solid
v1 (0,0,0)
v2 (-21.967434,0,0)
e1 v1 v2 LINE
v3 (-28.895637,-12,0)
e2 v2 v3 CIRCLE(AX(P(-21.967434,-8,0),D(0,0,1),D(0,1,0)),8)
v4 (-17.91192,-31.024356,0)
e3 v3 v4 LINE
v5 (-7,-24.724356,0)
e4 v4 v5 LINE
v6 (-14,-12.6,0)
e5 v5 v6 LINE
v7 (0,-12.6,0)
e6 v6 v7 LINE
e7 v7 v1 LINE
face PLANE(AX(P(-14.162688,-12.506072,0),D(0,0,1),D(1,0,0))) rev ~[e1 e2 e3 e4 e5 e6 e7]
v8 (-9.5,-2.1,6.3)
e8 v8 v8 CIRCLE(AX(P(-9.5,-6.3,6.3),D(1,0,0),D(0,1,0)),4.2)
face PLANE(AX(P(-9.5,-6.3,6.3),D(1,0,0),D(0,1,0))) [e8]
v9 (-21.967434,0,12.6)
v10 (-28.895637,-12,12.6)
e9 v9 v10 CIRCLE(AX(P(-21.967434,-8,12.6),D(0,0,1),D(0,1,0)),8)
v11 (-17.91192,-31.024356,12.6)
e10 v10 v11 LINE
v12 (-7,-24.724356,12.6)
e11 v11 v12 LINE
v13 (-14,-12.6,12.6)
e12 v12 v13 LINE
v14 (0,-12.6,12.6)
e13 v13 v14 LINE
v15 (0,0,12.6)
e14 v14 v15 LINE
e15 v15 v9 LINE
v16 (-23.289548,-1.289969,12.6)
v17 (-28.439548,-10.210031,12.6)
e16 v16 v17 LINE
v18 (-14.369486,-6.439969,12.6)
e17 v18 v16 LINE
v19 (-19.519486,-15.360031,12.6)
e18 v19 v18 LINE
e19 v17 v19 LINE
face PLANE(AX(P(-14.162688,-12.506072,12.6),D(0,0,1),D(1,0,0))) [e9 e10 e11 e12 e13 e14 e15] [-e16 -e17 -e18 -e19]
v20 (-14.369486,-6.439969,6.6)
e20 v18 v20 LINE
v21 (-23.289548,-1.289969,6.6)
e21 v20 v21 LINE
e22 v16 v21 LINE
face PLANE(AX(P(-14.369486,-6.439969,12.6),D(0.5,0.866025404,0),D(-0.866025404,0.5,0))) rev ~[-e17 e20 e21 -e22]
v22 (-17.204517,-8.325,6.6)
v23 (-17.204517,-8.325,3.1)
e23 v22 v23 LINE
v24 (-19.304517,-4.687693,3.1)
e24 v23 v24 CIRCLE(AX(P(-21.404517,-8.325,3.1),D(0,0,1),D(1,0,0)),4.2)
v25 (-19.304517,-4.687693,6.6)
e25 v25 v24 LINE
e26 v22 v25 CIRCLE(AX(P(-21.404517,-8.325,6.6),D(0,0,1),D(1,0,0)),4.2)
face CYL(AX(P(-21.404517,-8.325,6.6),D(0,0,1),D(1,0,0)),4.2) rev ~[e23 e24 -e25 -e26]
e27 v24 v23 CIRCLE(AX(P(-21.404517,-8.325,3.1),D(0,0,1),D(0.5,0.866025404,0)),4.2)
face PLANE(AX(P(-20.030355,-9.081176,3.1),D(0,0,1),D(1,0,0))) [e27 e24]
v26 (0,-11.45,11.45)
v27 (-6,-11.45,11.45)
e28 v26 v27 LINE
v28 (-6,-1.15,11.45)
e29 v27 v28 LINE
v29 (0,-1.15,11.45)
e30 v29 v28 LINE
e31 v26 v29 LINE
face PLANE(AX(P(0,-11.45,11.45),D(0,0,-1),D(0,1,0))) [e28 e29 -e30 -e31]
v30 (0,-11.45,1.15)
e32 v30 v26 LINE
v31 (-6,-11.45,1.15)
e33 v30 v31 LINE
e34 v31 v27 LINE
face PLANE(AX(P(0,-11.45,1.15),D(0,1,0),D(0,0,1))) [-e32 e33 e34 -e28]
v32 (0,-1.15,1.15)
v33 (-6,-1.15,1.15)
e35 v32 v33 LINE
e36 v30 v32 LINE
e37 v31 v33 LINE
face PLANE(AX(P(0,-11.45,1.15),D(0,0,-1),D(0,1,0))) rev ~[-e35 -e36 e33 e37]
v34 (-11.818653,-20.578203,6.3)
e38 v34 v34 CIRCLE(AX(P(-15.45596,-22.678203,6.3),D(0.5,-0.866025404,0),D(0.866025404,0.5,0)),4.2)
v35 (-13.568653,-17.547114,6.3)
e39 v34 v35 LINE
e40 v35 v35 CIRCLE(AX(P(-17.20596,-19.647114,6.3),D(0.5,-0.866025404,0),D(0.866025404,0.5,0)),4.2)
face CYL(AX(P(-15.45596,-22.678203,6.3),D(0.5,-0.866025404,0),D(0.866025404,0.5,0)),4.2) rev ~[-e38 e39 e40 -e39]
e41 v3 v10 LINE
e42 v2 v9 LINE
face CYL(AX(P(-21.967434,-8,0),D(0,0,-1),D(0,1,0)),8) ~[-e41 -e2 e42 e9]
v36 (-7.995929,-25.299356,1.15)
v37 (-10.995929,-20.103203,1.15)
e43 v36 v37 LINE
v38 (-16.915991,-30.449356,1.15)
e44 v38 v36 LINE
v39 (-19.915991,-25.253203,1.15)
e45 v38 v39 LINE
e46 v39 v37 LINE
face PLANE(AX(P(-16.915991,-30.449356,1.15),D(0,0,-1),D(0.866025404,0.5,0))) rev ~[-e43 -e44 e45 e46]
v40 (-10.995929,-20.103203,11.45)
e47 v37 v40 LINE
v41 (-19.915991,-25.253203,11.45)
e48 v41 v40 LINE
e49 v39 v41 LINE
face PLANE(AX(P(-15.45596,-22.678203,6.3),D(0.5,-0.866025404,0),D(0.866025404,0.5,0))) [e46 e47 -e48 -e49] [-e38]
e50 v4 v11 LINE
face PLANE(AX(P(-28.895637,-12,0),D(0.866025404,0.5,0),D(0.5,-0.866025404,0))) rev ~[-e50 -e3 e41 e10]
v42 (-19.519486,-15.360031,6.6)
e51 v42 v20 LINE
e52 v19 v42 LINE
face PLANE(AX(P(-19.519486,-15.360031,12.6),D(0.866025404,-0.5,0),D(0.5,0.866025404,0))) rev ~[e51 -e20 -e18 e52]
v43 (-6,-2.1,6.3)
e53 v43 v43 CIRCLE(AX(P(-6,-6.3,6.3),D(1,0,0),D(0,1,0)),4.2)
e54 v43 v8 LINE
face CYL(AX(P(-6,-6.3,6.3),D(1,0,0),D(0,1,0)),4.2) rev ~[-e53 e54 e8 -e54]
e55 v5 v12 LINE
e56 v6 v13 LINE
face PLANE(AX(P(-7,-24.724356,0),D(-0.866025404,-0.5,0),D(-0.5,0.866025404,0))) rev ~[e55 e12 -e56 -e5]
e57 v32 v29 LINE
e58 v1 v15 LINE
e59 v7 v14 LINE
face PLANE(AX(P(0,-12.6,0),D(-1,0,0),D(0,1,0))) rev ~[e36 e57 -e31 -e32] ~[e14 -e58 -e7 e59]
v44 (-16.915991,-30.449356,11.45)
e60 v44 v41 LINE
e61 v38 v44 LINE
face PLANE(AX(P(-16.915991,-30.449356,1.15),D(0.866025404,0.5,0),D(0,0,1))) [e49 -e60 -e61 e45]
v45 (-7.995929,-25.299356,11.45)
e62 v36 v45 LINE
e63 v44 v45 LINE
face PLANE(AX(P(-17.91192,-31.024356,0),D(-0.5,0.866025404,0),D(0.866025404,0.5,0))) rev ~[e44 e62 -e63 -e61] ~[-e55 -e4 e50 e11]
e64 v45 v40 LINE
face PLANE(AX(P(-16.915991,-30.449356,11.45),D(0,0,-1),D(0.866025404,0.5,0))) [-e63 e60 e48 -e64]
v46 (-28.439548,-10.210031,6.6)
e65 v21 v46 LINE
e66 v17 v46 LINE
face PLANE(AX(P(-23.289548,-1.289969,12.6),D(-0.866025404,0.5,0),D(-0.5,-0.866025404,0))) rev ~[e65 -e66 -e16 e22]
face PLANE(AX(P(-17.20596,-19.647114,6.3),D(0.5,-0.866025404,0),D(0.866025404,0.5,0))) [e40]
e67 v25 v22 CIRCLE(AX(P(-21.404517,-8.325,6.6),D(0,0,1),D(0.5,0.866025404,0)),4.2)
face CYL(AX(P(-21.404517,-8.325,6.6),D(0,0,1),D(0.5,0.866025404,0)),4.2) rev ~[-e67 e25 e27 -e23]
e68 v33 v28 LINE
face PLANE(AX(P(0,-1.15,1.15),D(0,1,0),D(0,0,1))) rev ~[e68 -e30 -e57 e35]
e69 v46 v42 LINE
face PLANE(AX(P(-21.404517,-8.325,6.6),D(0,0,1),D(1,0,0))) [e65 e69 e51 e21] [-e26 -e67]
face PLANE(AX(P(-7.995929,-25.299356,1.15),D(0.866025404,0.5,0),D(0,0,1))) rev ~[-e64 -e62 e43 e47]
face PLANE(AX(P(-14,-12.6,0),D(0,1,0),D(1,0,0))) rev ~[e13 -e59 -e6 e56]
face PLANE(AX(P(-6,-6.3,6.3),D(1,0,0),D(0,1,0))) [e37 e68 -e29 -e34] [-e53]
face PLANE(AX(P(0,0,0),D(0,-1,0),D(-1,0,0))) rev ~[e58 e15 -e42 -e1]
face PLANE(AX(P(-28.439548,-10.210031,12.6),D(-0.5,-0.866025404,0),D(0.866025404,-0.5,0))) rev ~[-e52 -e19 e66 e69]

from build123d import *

# Parameters (mm, degrees)
F1_DEPTH  = 12.6
F2_W      = 10.3
F2_H      = 10.3
F3_DEPTH  = 6
F4_W      = 10.3
F4_H      = 10.3
F5_DEPTH  = 6
F6_R      = 4.2
F7_DEPTH  = 3.5
F8_R      = 4.2
F9_DEPTH  = 3.5
F11_DEPTH = 6
F13_DEPTH = 3.5


with BuildPart() as f1:
    # F0 (on Top) → F1 (new body)
    with BuildSketch(Plane.XY):
        with BuildLine():
            Line((0, -12.6), (0, 0))
            Line((0, 0), (-21.9674337148, 0))
            ThreePointArc((-21.9674337148, 0), (-28.8956369451, -4), (-28.8956369451, -12))
            Line((-28.8956369451, -12), (-17.9119200877, -31.024355653))
            Line((-17.9119200877, -31.024355653), (-7, -24.724355653))
            Line((-7, -24.724355653), (-14, -12.6))
            Line((-14, -12.6), (0, -12.6))
        make_face()
    extrude(amount=F1_DEPTH)

    # F2 (on face) → F3 (cut)
    with BuildSketch(Plane(origin=(8.9559600438, -15.5121778265, 0), x_dir=(0.8660254038, 0.5, 0), z_dir=(0.5, -0.8660254038, 0))):
        with Locations((-24.724355653, 6.3)):
            Rectangle(F2_W, F2_H)
    extrude(amount=-F3_DEPTH, mode=Mode.SUBTRACT)

    # F4 (on face) → F5 (cut)
    with BuildSketch(Plane.YZ):
        with Locations((-6.3, 6.3)):
            Rectangle(F4_W, F4_H)
    extrude(amount=-F5_DEPTH, mode=Mode.SUBTRACT)

    # F6 (on face) → F7 (cut)
    with BuildSketch(Plane.YZ.offset(-6)):
        with Locations((-6.3, 6.3)):
            Circle(F6_R)
    extrude(amount=-F7_DEPTH, mode=Mode.SUBTRACT)

    # F8 (on face) → F9 (cut)
    with BuildSketch(Plane(origin=(5.9559600438, -10.3160254038, 0), x_dir=(0.8660254038, 0.5, 0), z_dir=(0.5, -0.8660254038, 0))):
        with Locations((-24.724355653, 6.3)):
            Circle(F8_R)
    extrude(amount=-F9_DEPTH, mode=Mode.SUBTRACT)

    # F10 (on face) → F11 (cut)
    with BuildSketch(Plane.XY.offset(12.6)):
        Polygon((-19.5194863729, -15.3600308295), (-14.3694863729, -6.4399691705), (-23.2895480318, -1.2899691705), (-25.8645480318, -5.75), (-28.4395480318, -10.2100308295), align=None)
    extrude(amount=-F11_DEPTH, mode=Mode.SUBTRACT)

    # F12 (on face) → F13 (cut)
    with BuildSketch(Plane.XY.offset(6.6)):
        with BuildLine():
            ThreePointArc((-17.2045172024, -8.325), (-17.7672105065, -6.225), (-19.3045172024, -4.6876933041))
            Line((-19.3045172024, -4.6876933041), (-21.4045172024, -8.325))
            Line((-21.4045172024, -8.325), (-23.5045172024, -11.9623066959))
            ThreePointArc((-23.5045172024, -11.9623066959), (-19.3045172024, -11.9623066959), (-17.2045172024, -8.325))
        make_face()
        with BuildLine():
            Line((-21.4045172024, -8.325), (-19.3045172024, -4.6876933041))
            ThreePointArc((-19.3045172024, -4.6876933041), (-25.0418238983, -6.225), (-23.5045172024, -11.9623066959))
            Line((-23.5045172024, -11.9623066959), (-21.4045172024, -8.325))
        make_face()
    extrude(amount=-F13_DEPTH, mode=Mode.SUBTRACT)


solid = f1.part
